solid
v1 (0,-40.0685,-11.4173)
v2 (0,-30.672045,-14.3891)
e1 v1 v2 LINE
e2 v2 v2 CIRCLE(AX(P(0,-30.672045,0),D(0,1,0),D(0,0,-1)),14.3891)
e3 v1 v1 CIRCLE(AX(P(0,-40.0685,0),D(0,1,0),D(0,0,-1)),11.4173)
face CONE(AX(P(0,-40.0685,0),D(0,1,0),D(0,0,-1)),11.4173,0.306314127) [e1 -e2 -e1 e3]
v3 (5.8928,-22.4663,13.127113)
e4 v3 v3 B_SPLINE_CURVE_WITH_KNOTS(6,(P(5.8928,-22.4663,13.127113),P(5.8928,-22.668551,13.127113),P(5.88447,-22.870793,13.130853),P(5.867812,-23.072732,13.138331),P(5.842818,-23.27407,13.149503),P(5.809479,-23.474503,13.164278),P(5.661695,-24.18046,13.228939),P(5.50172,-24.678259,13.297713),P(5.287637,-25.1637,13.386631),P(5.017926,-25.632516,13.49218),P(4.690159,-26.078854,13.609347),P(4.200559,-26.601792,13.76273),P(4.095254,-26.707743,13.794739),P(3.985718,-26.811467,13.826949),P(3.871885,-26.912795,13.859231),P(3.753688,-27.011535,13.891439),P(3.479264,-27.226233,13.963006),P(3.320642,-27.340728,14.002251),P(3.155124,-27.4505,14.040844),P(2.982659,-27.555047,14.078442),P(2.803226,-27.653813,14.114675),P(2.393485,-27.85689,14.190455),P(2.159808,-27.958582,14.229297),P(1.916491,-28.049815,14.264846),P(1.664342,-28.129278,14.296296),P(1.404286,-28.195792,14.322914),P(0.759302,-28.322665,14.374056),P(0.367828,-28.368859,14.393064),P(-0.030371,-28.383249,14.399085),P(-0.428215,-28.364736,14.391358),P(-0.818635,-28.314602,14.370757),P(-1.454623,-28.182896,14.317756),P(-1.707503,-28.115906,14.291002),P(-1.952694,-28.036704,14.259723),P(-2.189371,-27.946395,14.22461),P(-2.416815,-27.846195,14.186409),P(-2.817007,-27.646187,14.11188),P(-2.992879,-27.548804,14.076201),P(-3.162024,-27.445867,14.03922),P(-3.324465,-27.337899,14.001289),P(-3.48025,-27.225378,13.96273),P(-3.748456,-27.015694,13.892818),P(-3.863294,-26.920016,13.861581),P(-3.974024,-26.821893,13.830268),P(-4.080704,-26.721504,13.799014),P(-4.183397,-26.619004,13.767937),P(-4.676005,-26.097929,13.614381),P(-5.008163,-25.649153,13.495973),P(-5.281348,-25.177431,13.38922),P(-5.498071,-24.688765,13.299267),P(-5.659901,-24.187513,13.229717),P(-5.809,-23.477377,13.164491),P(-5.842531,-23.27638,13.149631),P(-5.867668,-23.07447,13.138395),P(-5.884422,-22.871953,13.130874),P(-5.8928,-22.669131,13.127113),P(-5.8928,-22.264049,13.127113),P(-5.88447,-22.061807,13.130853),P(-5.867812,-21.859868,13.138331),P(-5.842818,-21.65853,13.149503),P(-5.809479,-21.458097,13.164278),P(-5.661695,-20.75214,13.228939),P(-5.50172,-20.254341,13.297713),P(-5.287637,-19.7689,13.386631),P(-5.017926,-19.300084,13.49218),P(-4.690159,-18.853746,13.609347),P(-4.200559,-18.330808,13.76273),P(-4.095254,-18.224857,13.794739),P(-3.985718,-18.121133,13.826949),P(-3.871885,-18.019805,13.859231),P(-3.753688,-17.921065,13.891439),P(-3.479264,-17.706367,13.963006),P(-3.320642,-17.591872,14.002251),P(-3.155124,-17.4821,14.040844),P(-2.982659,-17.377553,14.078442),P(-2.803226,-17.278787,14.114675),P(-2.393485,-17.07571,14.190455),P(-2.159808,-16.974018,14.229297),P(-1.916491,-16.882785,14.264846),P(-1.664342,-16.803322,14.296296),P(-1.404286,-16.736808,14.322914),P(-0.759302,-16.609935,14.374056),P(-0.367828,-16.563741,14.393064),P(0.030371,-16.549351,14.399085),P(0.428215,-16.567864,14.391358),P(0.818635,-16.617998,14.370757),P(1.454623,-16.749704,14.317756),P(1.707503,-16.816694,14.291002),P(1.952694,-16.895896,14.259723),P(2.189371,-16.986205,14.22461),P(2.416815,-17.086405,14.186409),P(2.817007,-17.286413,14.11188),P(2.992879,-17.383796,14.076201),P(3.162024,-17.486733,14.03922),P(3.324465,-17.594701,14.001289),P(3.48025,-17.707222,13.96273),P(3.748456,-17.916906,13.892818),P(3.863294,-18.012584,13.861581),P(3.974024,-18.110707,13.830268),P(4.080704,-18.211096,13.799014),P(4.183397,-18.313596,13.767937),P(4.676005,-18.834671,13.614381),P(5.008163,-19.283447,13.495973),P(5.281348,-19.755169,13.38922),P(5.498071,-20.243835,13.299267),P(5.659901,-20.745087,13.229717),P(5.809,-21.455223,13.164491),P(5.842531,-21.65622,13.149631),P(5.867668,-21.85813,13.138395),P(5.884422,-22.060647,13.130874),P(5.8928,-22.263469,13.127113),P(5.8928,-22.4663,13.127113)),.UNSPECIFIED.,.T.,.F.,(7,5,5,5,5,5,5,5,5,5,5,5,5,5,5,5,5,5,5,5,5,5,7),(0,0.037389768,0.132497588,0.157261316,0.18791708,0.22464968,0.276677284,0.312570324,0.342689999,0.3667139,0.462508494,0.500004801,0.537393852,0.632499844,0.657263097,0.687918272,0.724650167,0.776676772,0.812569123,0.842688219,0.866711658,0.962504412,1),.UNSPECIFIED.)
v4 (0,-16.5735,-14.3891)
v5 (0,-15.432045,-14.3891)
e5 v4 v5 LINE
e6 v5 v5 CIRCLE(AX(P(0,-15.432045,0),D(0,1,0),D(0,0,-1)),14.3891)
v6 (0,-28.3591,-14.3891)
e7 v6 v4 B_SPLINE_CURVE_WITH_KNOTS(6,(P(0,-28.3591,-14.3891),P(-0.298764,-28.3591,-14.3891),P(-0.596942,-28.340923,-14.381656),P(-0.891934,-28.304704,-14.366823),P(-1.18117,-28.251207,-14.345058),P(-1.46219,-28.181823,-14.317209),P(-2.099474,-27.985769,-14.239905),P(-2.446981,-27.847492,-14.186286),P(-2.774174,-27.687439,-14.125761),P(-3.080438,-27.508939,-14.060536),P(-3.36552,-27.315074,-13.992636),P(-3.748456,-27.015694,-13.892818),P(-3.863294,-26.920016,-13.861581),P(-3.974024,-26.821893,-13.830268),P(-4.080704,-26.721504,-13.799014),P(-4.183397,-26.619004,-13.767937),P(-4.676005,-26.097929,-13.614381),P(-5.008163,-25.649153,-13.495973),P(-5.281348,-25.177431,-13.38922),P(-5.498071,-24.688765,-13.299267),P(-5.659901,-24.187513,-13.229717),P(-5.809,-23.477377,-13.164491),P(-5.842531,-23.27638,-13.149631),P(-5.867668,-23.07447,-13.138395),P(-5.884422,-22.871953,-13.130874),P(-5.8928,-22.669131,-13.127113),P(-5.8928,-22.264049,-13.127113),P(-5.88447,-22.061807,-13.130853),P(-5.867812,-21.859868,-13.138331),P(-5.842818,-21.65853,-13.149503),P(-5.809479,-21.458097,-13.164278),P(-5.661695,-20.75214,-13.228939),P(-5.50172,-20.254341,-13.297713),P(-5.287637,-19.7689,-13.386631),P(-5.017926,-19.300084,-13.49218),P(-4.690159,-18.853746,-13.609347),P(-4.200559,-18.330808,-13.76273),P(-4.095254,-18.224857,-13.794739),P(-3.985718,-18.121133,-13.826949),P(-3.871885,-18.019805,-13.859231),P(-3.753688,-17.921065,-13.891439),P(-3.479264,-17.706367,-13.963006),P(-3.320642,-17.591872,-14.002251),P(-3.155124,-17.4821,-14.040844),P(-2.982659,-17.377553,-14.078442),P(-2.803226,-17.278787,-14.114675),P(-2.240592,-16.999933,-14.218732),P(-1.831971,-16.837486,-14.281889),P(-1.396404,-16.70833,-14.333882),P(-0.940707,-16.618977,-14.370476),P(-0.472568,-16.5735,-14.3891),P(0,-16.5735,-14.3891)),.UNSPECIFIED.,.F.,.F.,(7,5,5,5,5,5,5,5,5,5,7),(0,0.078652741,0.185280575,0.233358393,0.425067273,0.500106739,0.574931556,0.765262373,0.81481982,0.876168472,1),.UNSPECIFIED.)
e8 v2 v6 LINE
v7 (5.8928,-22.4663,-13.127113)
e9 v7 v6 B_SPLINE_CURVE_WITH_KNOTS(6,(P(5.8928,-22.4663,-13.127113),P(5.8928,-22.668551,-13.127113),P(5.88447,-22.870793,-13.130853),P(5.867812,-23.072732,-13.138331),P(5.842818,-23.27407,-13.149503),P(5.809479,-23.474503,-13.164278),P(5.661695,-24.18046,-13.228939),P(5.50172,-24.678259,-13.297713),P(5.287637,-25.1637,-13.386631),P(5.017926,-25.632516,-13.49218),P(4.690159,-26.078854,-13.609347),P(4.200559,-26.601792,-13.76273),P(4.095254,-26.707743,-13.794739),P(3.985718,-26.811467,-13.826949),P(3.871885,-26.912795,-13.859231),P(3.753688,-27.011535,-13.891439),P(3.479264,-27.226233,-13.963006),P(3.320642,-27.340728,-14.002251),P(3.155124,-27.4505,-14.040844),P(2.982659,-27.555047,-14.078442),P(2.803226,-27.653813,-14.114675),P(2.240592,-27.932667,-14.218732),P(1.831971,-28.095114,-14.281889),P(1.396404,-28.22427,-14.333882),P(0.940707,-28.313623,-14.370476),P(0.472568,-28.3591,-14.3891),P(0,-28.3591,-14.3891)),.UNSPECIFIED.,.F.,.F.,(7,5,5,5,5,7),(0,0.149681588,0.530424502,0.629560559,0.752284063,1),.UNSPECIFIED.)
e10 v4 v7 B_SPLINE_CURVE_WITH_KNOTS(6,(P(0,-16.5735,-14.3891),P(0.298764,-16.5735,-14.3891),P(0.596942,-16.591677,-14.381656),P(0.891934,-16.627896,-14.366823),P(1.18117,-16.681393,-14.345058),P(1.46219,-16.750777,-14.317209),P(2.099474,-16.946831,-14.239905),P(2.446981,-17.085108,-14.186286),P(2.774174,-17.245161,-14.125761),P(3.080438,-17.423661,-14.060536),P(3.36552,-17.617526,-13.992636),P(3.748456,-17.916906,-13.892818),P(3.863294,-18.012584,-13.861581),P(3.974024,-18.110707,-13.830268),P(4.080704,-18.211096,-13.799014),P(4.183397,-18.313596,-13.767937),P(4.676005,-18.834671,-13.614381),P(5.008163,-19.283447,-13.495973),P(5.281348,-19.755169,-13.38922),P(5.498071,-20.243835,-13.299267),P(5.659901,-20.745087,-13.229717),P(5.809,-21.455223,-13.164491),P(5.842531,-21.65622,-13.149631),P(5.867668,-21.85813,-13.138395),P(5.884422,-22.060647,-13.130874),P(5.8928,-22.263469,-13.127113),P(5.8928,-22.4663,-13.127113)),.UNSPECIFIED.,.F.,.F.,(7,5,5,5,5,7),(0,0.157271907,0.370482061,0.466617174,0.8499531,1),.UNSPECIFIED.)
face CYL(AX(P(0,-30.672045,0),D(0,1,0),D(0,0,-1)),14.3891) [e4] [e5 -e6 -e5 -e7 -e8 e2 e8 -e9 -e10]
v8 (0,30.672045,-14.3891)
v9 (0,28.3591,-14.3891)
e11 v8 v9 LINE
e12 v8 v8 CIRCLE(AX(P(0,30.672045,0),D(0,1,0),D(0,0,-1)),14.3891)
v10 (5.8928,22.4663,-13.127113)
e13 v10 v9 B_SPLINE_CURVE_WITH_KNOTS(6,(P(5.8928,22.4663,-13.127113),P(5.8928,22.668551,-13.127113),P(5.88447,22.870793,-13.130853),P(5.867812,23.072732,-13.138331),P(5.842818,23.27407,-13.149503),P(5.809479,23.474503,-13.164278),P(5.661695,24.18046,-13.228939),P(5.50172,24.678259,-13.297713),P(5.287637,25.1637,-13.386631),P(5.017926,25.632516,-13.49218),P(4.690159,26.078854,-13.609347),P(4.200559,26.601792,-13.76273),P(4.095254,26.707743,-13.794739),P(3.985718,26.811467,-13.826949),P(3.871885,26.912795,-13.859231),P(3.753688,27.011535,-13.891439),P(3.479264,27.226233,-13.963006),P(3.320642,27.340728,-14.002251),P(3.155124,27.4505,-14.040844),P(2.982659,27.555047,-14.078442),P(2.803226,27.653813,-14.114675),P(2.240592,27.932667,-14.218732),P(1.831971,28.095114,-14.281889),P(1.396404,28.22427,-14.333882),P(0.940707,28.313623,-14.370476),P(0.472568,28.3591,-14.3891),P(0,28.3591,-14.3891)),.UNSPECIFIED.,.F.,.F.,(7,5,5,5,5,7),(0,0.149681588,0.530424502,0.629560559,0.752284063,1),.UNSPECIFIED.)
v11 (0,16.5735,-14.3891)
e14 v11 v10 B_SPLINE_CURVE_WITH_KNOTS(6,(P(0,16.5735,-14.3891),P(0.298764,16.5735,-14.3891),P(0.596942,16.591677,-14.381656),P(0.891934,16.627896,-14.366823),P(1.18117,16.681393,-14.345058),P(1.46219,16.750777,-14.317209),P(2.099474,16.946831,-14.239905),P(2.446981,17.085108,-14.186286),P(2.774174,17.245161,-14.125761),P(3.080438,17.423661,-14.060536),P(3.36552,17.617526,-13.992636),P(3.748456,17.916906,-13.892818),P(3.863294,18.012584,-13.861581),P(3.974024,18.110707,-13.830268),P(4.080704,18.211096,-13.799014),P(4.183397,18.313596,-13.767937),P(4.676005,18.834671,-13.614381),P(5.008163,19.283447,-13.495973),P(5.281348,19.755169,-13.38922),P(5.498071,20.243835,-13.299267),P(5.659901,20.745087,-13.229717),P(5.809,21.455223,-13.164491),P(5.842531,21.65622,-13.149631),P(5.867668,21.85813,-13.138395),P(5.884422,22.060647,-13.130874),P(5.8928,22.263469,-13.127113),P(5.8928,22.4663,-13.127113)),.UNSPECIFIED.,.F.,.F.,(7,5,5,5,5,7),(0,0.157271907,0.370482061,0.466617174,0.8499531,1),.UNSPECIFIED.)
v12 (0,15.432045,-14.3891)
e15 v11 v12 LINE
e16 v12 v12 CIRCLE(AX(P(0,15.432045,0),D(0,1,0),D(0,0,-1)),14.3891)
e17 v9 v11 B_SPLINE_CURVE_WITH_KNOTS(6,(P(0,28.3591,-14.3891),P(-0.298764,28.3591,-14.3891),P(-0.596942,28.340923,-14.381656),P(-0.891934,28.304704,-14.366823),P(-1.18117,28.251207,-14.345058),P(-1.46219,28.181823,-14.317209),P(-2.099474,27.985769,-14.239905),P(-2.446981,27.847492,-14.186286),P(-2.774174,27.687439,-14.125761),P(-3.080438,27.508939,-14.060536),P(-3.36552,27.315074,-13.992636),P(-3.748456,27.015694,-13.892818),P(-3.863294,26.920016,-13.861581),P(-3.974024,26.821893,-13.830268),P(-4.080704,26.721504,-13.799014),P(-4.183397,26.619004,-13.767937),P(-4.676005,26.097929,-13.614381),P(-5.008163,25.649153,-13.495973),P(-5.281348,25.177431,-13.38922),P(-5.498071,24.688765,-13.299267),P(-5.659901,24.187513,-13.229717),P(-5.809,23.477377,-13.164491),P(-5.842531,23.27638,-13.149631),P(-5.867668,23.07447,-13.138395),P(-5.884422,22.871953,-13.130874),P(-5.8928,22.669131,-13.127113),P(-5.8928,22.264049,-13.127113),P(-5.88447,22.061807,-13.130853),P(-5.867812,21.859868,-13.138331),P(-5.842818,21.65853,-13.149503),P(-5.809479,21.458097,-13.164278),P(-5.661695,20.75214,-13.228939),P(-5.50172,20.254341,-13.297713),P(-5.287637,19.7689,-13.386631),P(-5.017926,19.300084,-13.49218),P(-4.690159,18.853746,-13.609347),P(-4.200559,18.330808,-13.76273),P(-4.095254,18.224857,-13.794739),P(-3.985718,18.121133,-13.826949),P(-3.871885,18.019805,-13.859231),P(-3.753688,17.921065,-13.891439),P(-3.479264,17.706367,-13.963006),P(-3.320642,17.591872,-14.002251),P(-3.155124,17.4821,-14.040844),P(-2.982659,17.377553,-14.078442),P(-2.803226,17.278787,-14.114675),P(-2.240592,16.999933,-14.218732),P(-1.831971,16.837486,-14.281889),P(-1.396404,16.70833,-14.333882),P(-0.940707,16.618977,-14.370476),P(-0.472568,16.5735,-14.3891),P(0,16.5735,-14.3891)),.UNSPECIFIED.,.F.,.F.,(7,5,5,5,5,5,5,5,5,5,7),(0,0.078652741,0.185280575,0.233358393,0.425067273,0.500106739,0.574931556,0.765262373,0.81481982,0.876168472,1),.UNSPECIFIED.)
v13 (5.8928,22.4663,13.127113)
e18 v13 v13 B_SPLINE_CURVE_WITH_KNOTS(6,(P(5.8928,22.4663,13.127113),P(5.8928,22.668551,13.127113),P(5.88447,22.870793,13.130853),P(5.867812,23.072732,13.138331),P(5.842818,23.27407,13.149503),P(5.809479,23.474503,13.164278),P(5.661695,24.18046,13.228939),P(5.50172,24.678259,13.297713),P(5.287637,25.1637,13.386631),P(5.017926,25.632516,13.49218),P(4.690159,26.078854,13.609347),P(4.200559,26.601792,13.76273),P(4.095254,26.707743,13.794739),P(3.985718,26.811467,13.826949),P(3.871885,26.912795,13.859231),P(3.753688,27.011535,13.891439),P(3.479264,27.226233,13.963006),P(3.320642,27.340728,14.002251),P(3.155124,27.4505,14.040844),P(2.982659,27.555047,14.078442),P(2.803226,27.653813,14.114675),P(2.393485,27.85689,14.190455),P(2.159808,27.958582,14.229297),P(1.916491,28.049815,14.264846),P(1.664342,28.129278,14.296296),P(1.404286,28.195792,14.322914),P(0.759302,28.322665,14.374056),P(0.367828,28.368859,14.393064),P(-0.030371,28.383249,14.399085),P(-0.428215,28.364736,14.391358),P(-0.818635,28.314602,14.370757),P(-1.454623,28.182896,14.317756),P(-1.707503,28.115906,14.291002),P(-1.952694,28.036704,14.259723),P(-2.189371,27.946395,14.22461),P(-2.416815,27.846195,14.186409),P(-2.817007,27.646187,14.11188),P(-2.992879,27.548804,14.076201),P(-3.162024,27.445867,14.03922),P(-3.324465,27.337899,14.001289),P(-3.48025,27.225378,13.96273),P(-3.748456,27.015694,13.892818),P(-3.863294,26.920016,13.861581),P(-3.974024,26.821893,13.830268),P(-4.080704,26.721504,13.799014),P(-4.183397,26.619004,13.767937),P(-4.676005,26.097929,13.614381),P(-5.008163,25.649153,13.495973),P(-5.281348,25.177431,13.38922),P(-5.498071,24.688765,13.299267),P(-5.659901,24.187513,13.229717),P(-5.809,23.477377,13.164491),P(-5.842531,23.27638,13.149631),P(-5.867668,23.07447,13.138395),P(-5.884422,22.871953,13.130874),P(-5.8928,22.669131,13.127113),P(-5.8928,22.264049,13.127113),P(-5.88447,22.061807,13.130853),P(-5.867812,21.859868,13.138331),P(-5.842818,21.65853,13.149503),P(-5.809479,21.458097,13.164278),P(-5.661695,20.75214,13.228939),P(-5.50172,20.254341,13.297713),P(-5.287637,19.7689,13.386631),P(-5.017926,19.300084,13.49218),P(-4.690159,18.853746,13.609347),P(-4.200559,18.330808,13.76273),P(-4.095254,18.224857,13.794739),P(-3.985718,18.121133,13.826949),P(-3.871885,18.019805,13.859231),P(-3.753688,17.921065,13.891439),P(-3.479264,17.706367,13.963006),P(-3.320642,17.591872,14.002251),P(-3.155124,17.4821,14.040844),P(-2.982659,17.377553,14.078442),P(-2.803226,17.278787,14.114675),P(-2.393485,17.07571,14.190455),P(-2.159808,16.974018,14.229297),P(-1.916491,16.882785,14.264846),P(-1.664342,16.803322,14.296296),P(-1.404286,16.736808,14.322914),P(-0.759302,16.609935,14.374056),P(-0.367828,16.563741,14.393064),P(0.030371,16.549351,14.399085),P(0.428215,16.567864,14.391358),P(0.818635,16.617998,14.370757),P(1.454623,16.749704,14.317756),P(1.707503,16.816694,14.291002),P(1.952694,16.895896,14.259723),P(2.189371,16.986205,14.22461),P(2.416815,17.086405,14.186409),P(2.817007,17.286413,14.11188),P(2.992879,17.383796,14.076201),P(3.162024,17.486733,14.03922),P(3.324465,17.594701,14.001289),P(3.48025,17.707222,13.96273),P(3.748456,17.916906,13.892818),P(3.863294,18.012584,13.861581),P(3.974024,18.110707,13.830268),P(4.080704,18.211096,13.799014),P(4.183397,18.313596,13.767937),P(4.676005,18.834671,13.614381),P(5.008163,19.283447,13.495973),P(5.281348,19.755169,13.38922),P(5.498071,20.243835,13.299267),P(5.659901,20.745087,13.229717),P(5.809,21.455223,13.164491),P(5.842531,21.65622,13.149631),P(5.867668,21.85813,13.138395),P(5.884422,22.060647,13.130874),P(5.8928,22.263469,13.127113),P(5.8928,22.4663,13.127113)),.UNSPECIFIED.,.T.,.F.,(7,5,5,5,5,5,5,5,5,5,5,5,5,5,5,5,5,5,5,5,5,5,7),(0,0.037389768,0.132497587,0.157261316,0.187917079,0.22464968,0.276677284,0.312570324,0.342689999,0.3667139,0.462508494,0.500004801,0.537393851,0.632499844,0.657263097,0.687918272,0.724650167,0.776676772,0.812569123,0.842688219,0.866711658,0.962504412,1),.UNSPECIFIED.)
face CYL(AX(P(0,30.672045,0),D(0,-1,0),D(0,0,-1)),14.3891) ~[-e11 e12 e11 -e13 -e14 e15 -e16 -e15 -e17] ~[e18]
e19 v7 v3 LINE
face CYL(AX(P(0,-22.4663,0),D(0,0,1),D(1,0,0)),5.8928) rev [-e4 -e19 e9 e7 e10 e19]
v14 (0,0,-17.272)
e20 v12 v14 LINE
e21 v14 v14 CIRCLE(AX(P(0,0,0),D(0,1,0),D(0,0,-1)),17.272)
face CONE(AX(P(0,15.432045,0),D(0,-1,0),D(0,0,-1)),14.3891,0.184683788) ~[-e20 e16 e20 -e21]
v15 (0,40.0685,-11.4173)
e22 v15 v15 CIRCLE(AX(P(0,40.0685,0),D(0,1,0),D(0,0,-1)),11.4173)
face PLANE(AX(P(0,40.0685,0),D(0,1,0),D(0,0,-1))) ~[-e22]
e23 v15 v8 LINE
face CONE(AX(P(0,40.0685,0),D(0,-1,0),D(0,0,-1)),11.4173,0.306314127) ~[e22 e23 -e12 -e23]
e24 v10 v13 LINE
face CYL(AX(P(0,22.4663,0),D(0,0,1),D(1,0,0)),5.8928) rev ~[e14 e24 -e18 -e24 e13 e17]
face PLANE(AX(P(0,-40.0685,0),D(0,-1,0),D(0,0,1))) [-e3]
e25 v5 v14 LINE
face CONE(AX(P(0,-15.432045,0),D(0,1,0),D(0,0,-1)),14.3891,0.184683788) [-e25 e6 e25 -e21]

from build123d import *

# Parameters (mm, degrees)
SKETCH2_R          = 5.8928
CUT_EXTRUDE1_DEPTH = 47.926843706


with BuildPart() as part:
    # Sketch1 → Revolve1 (revolve)
    with BuildSketch(Plane.XY, mode=Mode.PRIVATE) as revolve1_sk:
        Polygon((0, 0), (0, 40.0685), (11.4173, 40.0685), (14.3891, 30.672044722), (14.3891, 15.432044722), (17.272, 0), align=None)
    revolve1 = revolve(revolve1_sk.sketch.rotate(Axis((0, 0, 0), (0, 1, 0)), 90), axis=Axis((0, 0, 0), (0, 1, 0)))

    # Sketch2 → Cut-Extrude1 (cut, symmetric)
    with BuildSketch(Plane.XY):
        with Locations((0, 22.4663)):
            Circle(SKETCH2_R)
    cut_extrude1 = extrude(amount=CUT_EXTRUDE1_DEPTH, both=True, mode=Mode.SUBTRACT)

    # Mirror1: Revolve1, Cut-Extrude1 across plane
    add(revolve1.mirror(Plane(origin=(17.272, 0, 0), x_dir=(0, 0, 1), z_dir=(0, -1, 0))))
    add(cut_extrude1.mirror(Plane(origin=(17.272, 0, 0), x_dir=(0, 0, 1), z_dir=(0, -1, 0))), mode=Mode.SUBTRACT)


solid = part.part
